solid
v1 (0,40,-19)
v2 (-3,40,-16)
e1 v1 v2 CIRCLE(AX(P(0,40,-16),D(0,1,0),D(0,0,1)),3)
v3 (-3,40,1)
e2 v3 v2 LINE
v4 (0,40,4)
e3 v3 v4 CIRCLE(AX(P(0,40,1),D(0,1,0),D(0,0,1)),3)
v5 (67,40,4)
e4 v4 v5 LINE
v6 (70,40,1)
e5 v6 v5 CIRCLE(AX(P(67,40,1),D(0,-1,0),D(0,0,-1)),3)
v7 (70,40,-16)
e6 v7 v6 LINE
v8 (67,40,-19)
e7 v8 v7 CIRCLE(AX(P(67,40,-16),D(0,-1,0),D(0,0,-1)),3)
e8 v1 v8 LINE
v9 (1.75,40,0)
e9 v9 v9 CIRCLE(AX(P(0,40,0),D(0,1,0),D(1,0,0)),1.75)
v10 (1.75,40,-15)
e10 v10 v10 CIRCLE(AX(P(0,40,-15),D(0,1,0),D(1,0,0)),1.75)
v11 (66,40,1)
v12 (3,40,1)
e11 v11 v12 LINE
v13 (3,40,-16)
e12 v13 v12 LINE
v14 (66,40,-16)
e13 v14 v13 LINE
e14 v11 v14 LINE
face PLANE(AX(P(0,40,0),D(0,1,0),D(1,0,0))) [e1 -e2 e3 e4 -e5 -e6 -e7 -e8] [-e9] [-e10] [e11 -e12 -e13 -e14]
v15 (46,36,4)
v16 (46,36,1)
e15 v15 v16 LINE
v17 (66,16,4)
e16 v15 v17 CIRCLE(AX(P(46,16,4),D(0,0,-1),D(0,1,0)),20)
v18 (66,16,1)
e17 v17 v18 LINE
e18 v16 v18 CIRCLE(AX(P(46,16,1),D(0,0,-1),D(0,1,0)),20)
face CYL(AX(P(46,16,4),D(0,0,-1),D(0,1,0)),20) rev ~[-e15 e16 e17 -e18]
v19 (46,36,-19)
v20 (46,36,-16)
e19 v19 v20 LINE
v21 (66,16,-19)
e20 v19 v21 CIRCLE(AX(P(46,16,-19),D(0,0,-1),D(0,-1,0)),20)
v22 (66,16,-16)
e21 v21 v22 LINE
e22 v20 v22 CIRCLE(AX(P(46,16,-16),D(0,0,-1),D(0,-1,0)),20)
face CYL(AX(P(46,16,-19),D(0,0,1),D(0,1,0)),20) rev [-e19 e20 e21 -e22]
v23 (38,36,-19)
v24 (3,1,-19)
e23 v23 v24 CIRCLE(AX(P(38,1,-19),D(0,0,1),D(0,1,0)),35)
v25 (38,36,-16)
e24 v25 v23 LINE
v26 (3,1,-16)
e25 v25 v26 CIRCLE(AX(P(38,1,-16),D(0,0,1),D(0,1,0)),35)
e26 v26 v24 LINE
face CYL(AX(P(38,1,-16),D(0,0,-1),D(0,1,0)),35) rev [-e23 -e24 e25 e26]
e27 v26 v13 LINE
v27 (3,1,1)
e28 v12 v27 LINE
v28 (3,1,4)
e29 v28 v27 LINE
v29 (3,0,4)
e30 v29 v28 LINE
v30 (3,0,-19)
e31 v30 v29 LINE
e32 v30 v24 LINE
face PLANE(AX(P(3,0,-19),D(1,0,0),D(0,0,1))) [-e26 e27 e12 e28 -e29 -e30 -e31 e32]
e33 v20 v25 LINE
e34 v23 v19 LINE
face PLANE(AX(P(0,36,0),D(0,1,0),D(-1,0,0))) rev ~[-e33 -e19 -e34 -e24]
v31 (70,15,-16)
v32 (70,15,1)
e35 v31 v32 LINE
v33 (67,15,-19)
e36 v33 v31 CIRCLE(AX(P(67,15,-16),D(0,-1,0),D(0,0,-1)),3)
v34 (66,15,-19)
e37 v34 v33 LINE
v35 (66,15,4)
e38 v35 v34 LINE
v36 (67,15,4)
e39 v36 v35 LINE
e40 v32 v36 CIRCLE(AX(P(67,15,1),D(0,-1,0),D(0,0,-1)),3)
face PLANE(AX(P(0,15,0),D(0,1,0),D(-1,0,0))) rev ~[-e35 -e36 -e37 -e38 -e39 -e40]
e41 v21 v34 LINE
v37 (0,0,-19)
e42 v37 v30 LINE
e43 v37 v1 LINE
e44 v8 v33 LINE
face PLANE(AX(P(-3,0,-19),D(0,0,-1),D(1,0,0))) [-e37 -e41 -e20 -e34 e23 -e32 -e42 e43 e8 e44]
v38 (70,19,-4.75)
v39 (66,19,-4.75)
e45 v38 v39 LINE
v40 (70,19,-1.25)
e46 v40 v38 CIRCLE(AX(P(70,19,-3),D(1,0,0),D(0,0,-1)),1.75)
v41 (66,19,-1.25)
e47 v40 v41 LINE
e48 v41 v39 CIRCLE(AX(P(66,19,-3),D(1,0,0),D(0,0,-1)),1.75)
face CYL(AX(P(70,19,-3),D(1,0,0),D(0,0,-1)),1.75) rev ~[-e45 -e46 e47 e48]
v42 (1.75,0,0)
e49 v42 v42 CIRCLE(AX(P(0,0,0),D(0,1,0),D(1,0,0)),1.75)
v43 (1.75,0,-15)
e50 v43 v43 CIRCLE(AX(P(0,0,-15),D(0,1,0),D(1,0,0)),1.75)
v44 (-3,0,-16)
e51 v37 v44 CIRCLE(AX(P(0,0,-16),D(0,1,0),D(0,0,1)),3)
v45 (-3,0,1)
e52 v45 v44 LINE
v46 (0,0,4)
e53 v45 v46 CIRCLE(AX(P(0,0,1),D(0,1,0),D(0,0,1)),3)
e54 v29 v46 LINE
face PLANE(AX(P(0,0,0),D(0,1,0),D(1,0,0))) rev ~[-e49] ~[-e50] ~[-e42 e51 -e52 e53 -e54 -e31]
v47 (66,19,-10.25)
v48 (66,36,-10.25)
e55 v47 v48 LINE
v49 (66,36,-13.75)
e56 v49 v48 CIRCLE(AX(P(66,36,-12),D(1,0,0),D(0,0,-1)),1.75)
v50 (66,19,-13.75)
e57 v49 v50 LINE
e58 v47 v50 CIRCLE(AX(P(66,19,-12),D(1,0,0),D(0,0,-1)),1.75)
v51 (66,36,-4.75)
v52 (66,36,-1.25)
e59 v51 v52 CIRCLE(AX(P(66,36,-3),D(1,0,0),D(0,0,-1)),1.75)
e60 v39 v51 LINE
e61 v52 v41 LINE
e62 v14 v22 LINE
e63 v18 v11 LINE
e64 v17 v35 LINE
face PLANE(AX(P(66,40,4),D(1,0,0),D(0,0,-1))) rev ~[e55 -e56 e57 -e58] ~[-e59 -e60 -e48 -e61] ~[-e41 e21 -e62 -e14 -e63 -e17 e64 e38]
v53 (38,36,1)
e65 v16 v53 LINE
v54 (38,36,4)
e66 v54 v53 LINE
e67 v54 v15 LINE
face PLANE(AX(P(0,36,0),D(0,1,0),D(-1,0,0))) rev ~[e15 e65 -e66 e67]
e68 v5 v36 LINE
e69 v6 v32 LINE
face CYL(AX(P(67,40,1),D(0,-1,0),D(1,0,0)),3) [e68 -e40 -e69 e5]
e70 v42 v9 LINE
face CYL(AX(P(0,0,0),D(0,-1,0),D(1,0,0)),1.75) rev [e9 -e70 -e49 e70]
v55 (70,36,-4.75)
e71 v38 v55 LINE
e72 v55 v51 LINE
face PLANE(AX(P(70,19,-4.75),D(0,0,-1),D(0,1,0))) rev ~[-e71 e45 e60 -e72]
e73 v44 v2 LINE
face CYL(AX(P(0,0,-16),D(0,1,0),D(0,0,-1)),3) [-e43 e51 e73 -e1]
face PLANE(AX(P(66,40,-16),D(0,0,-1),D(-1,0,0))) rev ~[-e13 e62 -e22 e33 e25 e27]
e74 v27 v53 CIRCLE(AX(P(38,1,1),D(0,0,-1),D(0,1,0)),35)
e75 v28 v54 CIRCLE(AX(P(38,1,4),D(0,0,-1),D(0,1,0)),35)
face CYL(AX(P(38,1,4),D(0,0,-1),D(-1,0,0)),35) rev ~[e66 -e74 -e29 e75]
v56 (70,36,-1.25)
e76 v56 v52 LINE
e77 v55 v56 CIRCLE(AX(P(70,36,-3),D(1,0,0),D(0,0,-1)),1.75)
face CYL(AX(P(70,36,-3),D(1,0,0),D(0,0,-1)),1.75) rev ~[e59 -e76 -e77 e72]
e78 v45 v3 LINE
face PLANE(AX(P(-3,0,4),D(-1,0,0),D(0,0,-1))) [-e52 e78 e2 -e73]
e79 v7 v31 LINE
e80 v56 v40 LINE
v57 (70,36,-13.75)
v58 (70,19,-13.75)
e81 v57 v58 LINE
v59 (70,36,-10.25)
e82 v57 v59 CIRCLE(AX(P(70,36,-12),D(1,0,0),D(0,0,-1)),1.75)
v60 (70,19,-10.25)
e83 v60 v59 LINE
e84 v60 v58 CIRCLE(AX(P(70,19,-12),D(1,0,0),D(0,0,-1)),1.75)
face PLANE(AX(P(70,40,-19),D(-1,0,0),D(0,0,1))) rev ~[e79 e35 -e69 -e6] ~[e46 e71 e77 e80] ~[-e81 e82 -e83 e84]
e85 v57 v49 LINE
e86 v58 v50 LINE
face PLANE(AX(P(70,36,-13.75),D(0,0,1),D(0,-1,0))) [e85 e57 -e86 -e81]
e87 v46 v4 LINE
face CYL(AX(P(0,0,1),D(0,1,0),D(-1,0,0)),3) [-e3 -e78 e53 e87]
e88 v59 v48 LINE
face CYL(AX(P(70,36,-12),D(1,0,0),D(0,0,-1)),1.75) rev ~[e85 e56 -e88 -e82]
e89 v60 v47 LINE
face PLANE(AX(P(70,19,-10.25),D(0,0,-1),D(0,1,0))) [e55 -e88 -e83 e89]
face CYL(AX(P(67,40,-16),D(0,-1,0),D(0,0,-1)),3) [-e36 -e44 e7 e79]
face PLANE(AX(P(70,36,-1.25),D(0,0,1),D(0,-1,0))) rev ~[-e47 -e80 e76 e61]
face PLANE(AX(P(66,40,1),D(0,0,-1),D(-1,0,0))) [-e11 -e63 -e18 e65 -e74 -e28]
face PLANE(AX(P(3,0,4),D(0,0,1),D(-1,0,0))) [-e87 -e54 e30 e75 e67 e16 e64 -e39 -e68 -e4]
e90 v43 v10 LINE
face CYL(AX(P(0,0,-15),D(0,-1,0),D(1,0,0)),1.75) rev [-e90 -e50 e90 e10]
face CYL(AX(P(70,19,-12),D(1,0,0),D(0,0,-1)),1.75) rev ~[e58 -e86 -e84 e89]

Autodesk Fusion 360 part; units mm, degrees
sketch "Sketch1" plane through (0, 0, 0) normal (0, 1, 0) x (1, 0, 0)
  circle A0 centre (0, 0) radius 1.75
  circle A1 centre (0, 15) radius 1.75
  line L0 (-3, 19) -> (3, 19)
  line L1 (3, 19) -> (3, -4)
  line L2 (3, -4) -> (-3, -4)
  line L3 (-3, -4) -> (-3, 19)
  dimension "d1" = 3.5
  dimension "d2" = 3.5
  dimension "d3" = 15
  dimension "d4" = 4
  dimension "d5" = 4
extrude "Extrude1" add sketch "Sketch1" along normal blind 40 makes body 1
sketch "Sketch2" plane through (0, 40, 0) normal (0, 1, 0) x (-1, 0, 0)
  circle A0 centre (0, -15) radius 1.75
  circle A1 centre (0, 0) radius 1.75
  line L0 (3, 4) -> (-3, 4)
  line L1 (-3, 4) -> (-3, -19)
  line L2 (-3, -19) -> (3, -19)
  line L3 (3, -19) -> (3, 4)
  line L4 (-66, -19) -> (-70, -19)
  line L5 (-70, -19) -> (-70, 4)
  line L6 (-70, 4) -> (-66, 4)
  line L7 (-66, 4) -> (-66, -19)
  dimension "d8" = 4
  dimension "d10" = 70
extrude "Extrude2" add sketch "Sketch2" against normal blind 25 separate body contours L4 L5 L6 L7 makes body 2
sketch "Sketch3" plane through (0, 40, 0) normal (0, 1, 0) x (-1, 0, 0)
  circle A0 centre (0, -15) radius 1.75
  circle A1 centre (0, 0) radius 1.75
  line L0 (3, 4) -> (-3, 4)
  line L1 (-3, 4) -> (-3, -19)
  line L2 (-3, -19) -> (3, -19)
  line L3 (3, -19) -> (3, 4)
  line L4 (-3, -19) -> (-66, -19)
  line L5 (-66, -19) -> (-66, -16)
  line L6 (-66, -16) -> (-3, -16)
  line L7 (-3, -16) -> (-3, -19)
  line L8 (-3, 4) -> (-66, 4)
  line L9 (-66, 4) -> (-66, 1)
  line L10 (-66, 1) -> (-3, 1)
  line L11 (-3, 1) -> (-3, 4)
extrude "Extrude3" add sketch "Sketch3" against normal blind 4 contours L1 L8 L9 L10 L11 | L1 L4 L5 L6 L7 bodies 1 2
fillet "Fillet1" radius 20 2 edges at (66, 36, -17.5) (66, 36, 2.5) on bodies 1
fillet "Fillet2" radius 35 2 edges at (3, 36, -17.5) (3, 36, 2.5) on bodies 1
sketch "Sketch4" plane through (70, 0, 0) normal (1, 0, 0) x (0, 0, -1)
  line L0 (19, 40) -> (-4, 40)
  line L1 (-4, 40) -> (-4, 15)
  line L2 (-4, 15) -> (19, 15)
  line L3 (19, 15) -> (19, 40)
  circle A0 centre (3, 36) radius 1.75
  circle A1 centre (3, 19) radius 1.75
  circle A2 centre (12, 36) radius 1.75
  circle A3 centre (12, 19) radius 1.75
  line L4 (4.75, 19) -> (4.75, 36)
  line L5 (1.25, 36) -> (1.25, 19)
  line L6 (13.75, 36) -> (13.75, 19)
  line L7 (10.25, 19) -> (10.25, 36)
  dimension "d17" = 3.5
  dimension "d18" = 3.5
  dimension "d19" = 3.5
  dimension "d20" = 3.5
  dimension "d21" = 7
  dimension "d22" = 7
  dimension "d23" = 4
  dimension "d24" = 4
extrude "Extrude4" cut sketch "Sketch4" against normal up to surface (4 mm away) contours A0 | A0 A1 L4 L5 | A1 | A2 | A2 A3 L6 L7 | A3 bodies 1
fillet "Fillet3" radius 3 4 edges at (-3, 20, -19) (-3, 20, 4) (70, 27.5, -19) (70, 27.5, 4) on bodies 1
equation "d21 = d22"
equation "d24 = d23"
